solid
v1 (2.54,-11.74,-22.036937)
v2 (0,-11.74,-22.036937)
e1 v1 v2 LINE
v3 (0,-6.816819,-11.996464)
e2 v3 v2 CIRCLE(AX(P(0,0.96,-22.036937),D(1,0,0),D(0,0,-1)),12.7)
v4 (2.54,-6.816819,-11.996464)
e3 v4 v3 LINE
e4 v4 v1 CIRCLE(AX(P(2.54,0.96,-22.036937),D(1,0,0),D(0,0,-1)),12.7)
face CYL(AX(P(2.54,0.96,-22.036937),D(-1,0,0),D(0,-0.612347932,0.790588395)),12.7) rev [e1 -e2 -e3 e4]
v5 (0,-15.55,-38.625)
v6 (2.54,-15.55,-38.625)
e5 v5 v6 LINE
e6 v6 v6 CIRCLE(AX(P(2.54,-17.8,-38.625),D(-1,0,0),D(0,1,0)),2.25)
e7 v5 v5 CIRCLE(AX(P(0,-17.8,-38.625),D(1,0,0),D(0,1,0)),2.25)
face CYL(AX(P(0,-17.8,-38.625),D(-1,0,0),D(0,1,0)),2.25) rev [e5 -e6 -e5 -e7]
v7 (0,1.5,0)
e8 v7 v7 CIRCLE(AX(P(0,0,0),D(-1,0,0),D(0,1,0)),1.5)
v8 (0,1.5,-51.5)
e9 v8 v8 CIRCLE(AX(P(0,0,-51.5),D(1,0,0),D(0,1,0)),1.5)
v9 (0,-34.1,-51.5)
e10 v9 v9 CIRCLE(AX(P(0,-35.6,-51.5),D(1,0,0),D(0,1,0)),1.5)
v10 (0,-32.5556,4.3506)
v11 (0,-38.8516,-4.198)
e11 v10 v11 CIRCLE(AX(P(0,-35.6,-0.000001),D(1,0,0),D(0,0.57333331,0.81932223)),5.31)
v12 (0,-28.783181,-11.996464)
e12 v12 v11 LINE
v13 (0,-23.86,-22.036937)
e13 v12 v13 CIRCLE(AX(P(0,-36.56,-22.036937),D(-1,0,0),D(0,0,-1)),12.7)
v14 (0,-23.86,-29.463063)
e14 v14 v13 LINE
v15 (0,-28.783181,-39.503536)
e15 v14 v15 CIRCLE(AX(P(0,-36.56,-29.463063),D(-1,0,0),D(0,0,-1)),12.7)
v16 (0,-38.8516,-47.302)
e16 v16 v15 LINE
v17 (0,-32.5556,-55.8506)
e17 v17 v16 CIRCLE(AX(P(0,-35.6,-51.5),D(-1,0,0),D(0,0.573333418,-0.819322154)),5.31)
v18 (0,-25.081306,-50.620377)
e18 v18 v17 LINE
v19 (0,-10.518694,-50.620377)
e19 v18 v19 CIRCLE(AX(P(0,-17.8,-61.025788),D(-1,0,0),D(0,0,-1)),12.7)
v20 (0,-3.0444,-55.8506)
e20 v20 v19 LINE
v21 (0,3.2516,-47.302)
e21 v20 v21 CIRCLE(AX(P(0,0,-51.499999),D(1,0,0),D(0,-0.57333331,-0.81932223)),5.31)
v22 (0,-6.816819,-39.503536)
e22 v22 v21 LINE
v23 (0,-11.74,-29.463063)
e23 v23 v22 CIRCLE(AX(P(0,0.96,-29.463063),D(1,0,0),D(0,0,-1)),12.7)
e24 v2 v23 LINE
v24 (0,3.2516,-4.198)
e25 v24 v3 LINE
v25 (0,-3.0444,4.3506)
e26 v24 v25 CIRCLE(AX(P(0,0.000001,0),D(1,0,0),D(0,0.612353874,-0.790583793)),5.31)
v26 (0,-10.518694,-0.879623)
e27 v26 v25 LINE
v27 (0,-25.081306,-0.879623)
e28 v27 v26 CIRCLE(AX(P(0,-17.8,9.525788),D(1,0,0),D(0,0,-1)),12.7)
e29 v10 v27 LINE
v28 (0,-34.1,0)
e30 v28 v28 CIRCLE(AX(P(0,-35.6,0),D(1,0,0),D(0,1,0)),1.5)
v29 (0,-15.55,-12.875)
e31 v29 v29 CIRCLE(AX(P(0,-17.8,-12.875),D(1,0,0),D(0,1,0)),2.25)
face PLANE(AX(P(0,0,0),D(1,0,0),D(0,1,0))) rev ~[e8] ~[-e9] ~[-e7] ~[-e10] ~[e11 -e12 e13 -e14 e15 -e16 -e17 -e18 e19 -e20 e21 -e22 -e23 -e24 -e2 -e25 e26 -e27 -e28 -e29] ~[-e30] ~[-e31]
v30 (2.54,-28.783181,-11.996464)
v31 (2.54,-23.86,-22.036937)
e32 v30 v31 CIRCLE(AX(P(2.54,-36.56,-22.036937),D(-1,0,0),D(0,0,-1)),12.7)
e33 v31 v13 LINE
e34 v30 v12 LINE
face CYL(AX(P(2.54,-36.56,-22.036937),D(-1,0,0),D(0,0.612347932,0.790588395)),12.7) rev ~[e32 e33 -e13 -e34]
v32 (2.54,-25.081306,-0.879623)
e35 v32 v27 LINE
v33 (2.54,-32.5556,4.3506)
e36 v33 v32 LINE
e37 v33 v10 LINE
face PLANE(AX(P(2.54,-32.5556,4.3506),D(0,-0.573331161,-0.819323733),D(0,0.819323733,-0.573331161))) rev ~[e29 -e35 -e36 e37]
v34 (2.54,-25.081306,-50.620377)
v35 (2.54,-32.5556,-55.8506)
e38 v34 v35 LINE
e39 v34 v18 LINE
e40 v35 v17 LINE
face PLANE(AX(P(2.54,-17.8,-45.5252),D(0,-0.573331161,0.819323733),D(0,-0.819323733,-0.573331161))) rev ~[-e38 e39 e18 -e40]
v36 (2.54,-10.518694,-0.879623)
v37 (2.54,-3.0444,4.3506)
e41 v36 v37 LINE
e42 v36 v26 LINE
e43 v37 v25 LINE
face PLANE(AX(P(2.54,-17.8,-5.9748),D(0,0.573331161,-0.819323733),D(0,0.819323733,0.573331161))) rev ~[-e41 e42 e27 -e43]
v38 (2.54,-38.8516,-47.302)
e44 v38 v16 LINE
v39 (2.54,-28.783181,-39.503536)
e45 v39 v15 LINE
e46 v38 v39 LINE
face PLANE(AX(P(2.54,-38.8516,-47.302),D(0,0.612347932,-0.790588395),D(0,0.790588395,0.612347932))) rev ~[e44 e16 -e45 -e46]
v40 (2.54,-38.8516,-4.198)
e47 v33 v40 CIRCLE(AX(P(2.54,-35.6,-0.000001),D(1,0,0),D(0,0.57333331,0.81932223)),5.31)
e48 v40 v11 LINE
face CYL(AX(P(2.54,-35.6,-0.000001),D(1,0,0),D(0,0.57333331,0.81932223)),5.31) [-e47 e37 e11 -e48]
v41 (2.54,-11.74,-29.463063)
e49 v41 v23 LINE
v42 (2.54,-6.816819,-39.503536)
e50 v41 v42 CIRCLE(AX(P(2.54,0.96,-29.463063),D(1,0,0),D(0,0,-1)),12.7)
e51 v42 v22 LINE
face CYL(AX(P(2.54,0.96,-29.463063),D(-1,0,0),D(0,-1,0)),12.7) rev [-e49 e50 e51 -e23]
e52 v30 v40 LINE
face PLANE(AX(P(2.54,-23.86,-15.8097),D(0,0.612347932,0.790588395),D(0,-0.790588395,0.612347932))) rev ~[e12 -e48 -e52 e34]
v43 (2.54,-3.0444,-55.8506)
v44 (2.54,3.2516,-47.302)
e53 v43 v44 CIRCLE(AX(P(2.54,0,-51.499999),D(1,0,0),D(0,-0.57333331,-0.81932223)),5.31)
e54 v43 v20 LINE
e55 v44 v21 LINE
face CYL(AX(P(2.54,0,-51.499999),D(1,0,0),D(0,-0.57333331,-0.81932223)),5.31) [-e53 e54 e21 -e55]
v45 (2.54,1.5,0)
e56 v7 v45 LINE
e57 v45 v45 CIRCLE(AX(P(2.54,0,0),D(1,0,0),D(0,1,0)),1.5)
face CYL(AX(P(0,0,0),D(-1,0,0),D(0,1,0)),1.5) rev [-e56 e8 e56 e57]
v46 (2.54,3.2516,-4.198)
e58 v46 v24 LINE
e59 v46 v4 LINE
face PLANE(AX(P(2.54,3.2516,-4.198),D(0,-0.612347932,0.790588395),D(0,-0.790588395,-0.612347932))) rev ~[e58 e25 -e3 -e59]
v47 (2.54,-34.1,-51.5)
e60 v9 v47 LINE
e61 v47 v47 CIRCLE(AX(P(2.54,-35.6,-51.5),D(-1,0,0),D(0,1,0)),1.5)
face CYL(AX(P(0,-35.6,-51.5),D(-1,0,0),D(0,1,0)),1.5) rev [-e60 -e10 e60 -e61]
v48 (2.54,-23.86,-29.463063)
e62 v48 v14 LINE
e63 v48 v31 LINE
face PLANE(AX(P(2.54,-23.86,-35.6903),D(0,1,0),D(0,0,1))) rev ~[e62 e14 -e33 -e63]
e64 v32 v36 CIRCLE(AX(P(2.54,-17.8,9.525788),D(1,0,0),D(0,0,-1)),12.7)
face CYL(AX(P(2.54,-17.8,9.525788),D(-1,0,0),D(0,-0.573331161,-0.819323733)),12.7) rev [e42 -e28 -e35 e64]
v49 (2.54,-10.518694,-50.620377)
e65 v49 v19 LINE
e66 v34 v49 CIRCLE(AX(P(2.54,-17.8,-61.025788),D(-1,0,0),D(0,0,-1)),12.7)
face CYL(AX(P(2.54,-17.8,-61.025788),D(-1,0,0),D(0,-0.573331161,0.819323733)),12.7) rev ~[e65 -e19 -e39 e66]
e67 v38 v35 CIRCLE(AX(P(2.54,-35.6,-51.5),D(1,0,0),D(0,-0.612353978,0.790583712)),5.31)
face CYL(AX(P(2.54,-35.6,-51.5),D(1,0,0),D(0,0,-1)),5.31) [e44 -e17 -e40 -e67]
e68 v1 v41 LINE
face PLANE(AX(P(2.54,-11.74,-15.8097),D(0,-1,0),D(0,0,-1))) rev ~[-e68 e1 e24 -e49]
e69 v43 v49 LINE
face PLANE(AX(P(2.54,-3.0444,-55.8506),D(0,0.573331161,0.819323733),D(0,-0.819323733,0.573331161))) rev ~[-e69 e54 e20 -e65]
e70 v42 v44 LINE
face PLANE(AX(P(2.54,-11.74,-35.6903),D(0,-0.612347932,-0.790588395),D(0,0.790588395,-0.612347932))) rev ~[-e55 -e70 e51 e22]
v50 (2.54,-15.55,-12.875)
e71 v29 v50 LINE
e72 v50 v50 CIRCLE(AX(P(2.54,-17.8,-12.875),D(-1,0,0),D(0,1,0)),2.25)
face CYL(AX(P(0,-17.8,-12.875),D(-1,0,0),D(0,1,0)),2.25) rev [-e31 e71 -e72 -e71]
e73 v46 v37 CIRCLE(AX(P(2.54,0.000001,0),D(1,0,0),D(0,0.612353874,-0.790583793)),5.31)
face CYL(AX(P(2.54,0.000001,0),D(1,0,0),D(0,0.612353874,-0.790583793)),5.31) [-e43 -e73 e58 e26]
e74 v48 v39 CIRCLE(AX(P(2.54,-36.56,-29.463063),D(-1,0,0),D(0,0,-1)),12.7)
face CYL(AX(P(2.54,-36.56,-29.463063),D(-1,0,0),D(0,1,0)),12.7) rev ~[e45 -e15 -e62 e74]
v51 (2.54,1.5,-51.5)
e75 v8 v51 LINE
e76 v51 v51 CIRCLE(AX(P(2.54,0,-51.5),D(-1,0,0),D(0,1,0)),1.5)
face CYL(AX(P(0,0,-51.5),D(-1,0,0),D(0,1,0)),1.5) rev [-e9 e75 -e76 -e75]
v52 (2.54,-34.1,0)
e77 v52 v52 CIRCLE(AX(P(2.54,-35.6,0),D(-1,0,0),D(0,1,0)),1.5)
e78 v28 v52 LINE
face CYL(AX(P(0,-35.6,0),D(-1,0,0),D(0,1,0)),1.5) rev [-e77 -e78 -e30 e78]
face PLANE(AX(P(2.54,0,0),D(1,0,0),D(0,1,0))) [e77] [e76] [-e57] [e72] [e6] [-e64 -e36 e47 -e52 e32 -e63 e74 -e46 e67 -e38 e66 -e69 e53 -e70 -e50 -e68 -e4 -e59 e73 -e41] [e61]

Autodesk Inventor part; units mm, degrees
ref_plane "YZ Plane" through (0, 0, 0) normal (1, 0, 0) x (0, 1, 0)
ref_plane "XZ Plane" through (0, 0, 0) normal (0, 1, 0) x (-1, 0, 0)
ref_plane "XY Plane" through (0, 0, 0) normal (0, 0, 1) x (1, 0, 0)
sketch "Sketch1" plane through (0, 0, 0) normal (1, 0, 0) x (0, 1, 0)
  circle A0 centre (0, 0) radius 1.5
  line L0 (0, 0) -> (-35.6, 0)
  circle A1 centre (-35.6, 0) radius 1.5
  line L1 (0, 0) -> (0, -51.5)
  circle A2 centre (0, -51.5) radius 1.5
  circle A3 centre (-35.6, -51.5) radius 1.5
  line L2 (0, 0) -> (-35.6, 0)
  line L3 (-35.6, 0) -> (-35.6, -51.5)
  line L4 (-35.6, -51.5) -> (0, -51.5)
  line L5 (0, -51.5) -> (0, 0)
  line L6 (-17.8, 0) -> (-17.8, -51.5)
  line L7 (-17.8, -25.75) -> (-17.8, 0)
  line L8 (-17.8, -12.875) -> (-17.8, -51.5)
  line L9 (-17.8, -25.75) -> (-17.8, -51.5)
  line L10 (-17.8, -38.625) -> (-17.8, -12.875)
  circle A4 centre (-17.8, -12.875) radius 2.25
  circle A5 centre (-17.8, -38.625) radius 2.25
  line L11 (-15.9797, -9.3512) -> (-0.86, 1.229)
  line L12 (-19.6203, -9.3512) -> (-34.74, 1.229)
  line L13 (-15.55, -15.4984) -> (-15.55, -36.0016)
  line L14 (-20.05, -36.0016) -> (-20.05, -15.4984)
  line L15 (-19.6203, -42.1488) -> (-34.74, -52.729)
  line L16 (-21.2808, -38.5117) -> (-36.5185, -50.3141)
  line L17 (-21.2808, -12.9883) -> (-36.5185, -1.1859)
  line L18 (-14.3192, -12.9883) -> (0.9185, -1.1859)
  line L19 (-14.3192, -38.5117) -> (0.9185, -50.3141)
  line L20 (-15.9797, -42.1488) -> (-0.86, -52.729)
  arc A6 (-14.3192, -12.9883) -> (-15.55, -15.4984) centre (-12.375, -15.4984) ccw
  arc A7 (-15.55, -36.0016) -> (-14.3192, -38.5117) centre (-12.375, -36.0016) ccw
  arc A8 (-21.2808, -38.5117) -> (-20.05, -36.0016) centre (-23.225, -36.0016) ccw
  arc A9 (-20.05, -15.4984) -> (-21.2808, -12.9883) centre (-23.225, -15.4984) ccw
  arc A10 (-19.6203, -9.3512) -> (-15.9797, -9.3512) centre (-17.8, -6.7499) ccw
  arc A11 (-15.9797, -42.1488) -> (-19.6203, -42.1488) centre (-17.8, -44.7501) ccw
  line L21 (1.6962, -2.1899) -> (-13.5415, -13.9923)
  arc A12 (-13.5415, -13.9923) -> (-14.28, -15.4984) centre (-12.375, -15.4984) ccw
  line L22 (-14.28, -15.4984) -> (-14.28, -36.0016)
  arc A13 (-14.28, -36.0016) -> (-13.5415, -37.5077) centre (-12.375, -36.0016) ccw
  line L23 (-13.5415, -37.5077) -> (1.6962, -49.3101)
  line L24 (-37.2962, -2.1899) -> (-22.0585, -13.9923)
  arc A14 (-21.32, -15.4984) -> (-22.0585, -13.9923) centre (-23.225, -15.4984) ccw
  line L25 (-21.32, -15.4984) -> (-21.32, -36.0016)
  arc A15 (-22.0585, -37.5077) -> (-21.32, -36.0016) centre (-23.225, -36.0016) ccw
  line L26 (-22.0585, -37.5077) -> (-37.2962, -49.3101)
  line L27 (-1.5881, 2.2695) -> (-16.7078, -8.3107)
  arc A16 (-18.8922, -8.3107) -> (-16.7078, -8.3107) centre (-17.8, -6.7499) ccw
  line L28 (-18.8922, -8.3107) -> (-34.0119, 2.2695)
  circle A17 centre (0, 0) radius 2.77
  circle A18 centre (-17.8, -12.875) radius 3.52
  circle A19 centre (-17.8, -38.625) radius 3.52
  circle A20 centre (-35.6, 0) radius 2.77
  circle A21 centre (-35.6, -51.5) radius 2.77
  circle A22 centre (0, -51.5) radius 2.77
  line L29 (-1.5881, -53.7695) -> (-16.7078, -43.1893)
  arc A23 (-16.7078, -43.1893) -> (-18.8922, -43.1893) centre (-17.8, -44.7501) ccw
  line L30 (-18.8922, -43.1893) -> (-34.0119, -53.7695)
  point P0 (-17.8, -10.625)
  point P1 (-15.55, -12.875)
  point P2 (-15.55, -38.625)
  point P3 (-20.05, -38.625)
  point P4 (-20.05, -12.875)
  point P5 (-17.8, -40.875)
  point P6 (-18.8754, -36.6486)
  point P7 (-18.8754, -14.8514)
  point P8 (-16.7246, -14.8514)
  point P9 (-16.7246, -36.6486)
  point P10 (-34.0119, 2.2695)
  point P11 (1.6962, -49.3101)
  dimension "d0" = 3
  dimension "d1" = 35.6
  dimension "d2" = 51.5
  dimension "d3" = 4.5
  dimension "d4" = 3.175
  dimension "d5" = 1.27
  dimension "d6" = 1.27
  dimension "d7" = 1.27
  dimension "d8" = 1.27
  dimension "d9" = 1.27
  dimension "d10" = 1.27
  dimension "d11" = 1.27
  dimension "d12" = 1.27
  dimension "d13" = 1.27
  dimension "d14" = 1.27
extrude "Extrusion1" add sketch "Sketch1" along normal blind 2.54 contours A0 L11 L0 A17 L1 L18 | A0 L0 L11 | L18 L1 A0 | A0 L1 L18 A17 L11 L0 | L11 A17 L0 | L1 A17 L18 | A17 L11 A10 A18 L6 A16 L27 L0 | L0 L27 A17 | A17 L18 A18 A10 L11 | A17 L21 L1 | L1 L21 A12 L22 A13 L23 A22 L19 A19 L13 A18 L18 A17 | A18 L13 A6 L18 | L18 A6 L13 A18 L6 A4 A10 | A10 L6 A18 | L23 A22 L1 | L13 A19 L6 A18 | L28 A16 L6 A18 A10 L12 A20 L0 | L0 A20 L28 | A10 A18 L6 | L6 A4 A18 L14 A9 L17 A10 | A22 L4 L20 A2 L19 L1 | L1 L19 A22 | A19 L19 A7 L13 | L13 A7 L19 A19 A11 L6 A5 | L6 A19 L14 A18 | A20 L12 L0 | L0 L12 A1 L17 L3 A20 | A18 L17 A20 L12 A10 | L19 A2 L1 | L1 A2 L4 L20 A22 L19 | A22 L20 A11 A19 L19 | L6 A5 A11 A19 L16 A8 L14 | A18 L17 A9 L14 | L14 A19 L16 A21 L3 L26 A15 L25 A14 L24 A20 L17 A18 | L12 A20 L17 L3 A1 L0 | L0 A1 L12 | A20 L3 L24 | A22 L4 L29 A23 L6 A19 A11 L20 | L20 L4 A22 | L29 L4 A22 | L14 A8 L16 A19 | A20 L3 L17 | A2 L20 L4 | A19 L6 A11 | A19 A11 L15 A21 L16 | L3 L17 A1 | L3 A21 L26 | L6 A19 A11 | L6 A23 L30 L4 A21 L15 A11 A19 | A21 L15 L4 A3 L3 L16 | L16 L3 A21 | L3 L16 A3 L15 L4 A21 | L30 A21 L4 | L3 A3 L16 | A21 L4 L15 | L15 A3 L4
sketch "Sketch2" plane through (2.54, 0, 0) normal (1, 0, 0) x (0, 0, -1)
  circle A0 centre (0, 0) radius 1.5 projected
  circle A1 centre (0, 0) radius 1.5
  circle A2 centre (12.875, -17.8) radius 2.25 projected
  circle A3 centre (12.875, -17.8) radius 2.25
  circle A4 centre (38.625, -17.8) radius 2.25 projected
  circle A5 centre (38.625, -17.8) radius 2.25
  circle A6 centre (51.5, 0) radius 1.5 projected
  circle A7 centre (51.5, 0) radius 1.5
  circle A8 centre (51.5, -35.6) radius 1.5 projected
  circle A9 centre (51.5, -35.6) radius 1.5
  circle A10 centre (0, -35.6) radius 1.5 projected
  circle A11 centre (0, -35.6) radius 1.5
  line L0 (13.9923, -13.5415) -> (2.1899, 1.6962) projected
  arc A12 (2.1899, 1.6962) -> (-2.2695, -1.5881) centre (0, 0) ccw projected
  arc A13 (2.1899, 1.6962) -> (-2.2695, -1.5881) centre (0, 0) ccw
  arc A14 (53.7695, -1.5881) -> (49.3101, 1.6962) centre (51.5, 0) ccw projected
  arc A15 (53.7695, -1.5881) -> (49.3101, 1.6962) centre (51.5, 0) ccw
  arc A16 (49.3101, -37.2962) -> (53.7695, -34.0119) centre (51.5, -35.6) ccw projected
  arc A17 (49.3101, -37.2962) -> (53.7695, -34.0119) centre (51.5, -35.6) ccw
  arc A18 (-2.2695, -34.0119) -> (2.1899, -37.2962) centre (0, -35.6) ccw projected
  arc A19 (-2.2695, -34.0119) -> (2.1899, -37.2962) centre (0, -35.6) ccw
  arc A20 (15.4984, -21.32) -> (13.9923, -22.0585) centre (15.4984, -23.225) ccw projected
  arc A21 (15.4984, -21.32) -> (13.9923, -22.0585) centre (15.4984, -23.225) ccw
  arc A22 (8.3107, -18.8922) -> (8.3107, -16.7078) centre (6.7499, -17.8) ccw projected
  arc A23 (8.3107, -18.8922) -> (8.3107, -16.7078) centre (6.7499, -17.8) ccw
  arc A24 (13.9923, -13.5415) -> (15.4984, -14.28) centre (15.4984, -12.375) ccw projected
  arc A25 (13.9923, -13.5415) -> (15.4984, -14.28) centre (15.4984, -12.375) ccw
  arc A26 (36.0016, -14.28) -> (37.5077, -13.5415) centre (36.0016, -12.375) ccw projected
  arc A27 (36.0016, -14.28) -> (37.5077, -13.5415) centre (36.0016, -12.375) ccw
  arc A28 (37.5077, -22.0585) -> (36.0016, -21.32) centre (36.0016, -23.225) ccw projected
  arc A29 (37.5077, -22.0585) -> (36.0016, -21.32) centre (36.0016, -23.225) ccw
  arc A30 (43.1893, -16.7078) -> (43.1893, -18.8922) centre (44.7501, -17.8) ccw projected
  arc A31 (43.1893, -16.7078) -> (43.1893, -18.8922) centre (44.7501, -17.8) ccw
  line L1 (2.1899, 1.6962) -> (13.9923, -13.5415)
  line L2 (-2.2695, -1.5881) -> (8.3107, -16.7078) projected
  line L3 (8.3107, -16.7078) -> (-2.2695, -1.5881)
  line L4 (8.3107, -18.8922) -> (-2.2695, -34.0119) projected
  line L5 (8.3107, -18.8922) -> (-2.2695, -34.0119)
  line L6 (2.1899, -37.2962) -> (13.9923, -22.0585)
  line L7 (15.4984, -21.32) -> (36.0016, -21.32)
  line L8 (36.0016, -14.28) -> (15.4984, -14.28) projected
  line L9 (36.0016, -14.28) -> (15.4984, -14.28)
  line L10 (49.3101, 1.6962) -> (37.5077, -13.5415) projected
  line L11 (49.3101, 1.6962) -> (37.5077, -13.5415)
  line L12 (43.1893, -16.7078) -> (53.7695, -1.5881)
  line L13 (53.7695, -34.0119) -> (43.1893, -18.8922) projected
  line L14 (43.1893, -18.8922) -> (53.7695, -34.0119)
  line L15 (37.5077, -22.0585) -> (49.3101, -37.2962)
  arc A32 (-4.3506, -32.5556) -> (4.198, -38.8516) centre (0, -35.6) ccw
  line L16 (-4.3506, -32.5556) -> (5.9748, -17.8)
  line L17 (5.9748, -17.8) -> (-4.3506, -3.0444)
  arc A33 (4.198, 3.2516) -> (-4.3506, -3.0444) centre (0, 0) ccw
  line L18 (4.198, 3.2516) -> (15.8097, -11.74)
  line L19 (15.8097, -11.74) -> (35.6903, -11.74)
  line L20 (35.6903, -11.74) -> (47.302, 3.2516)
  arc A34 (55.8506, -3.0444) -> (47.302, 3.2516) centre (51.5, 0) ccw
  line L21 (47.302, -38.8516) -> (35.6903, -23.86)
  line L22 (35.6903, -23.86) -> (15.8097, -23.86)
  line L23 (15.8097, -23.86) -> (4.198, -38.8516)
  arc A35 (-4.3506, -32.5556) -> (4.198, -38.8516) centre (0, -35.6) ccw
  line L24 (35.4996, -11.9862) -> (47.302, 3.2516)
  arc A36 (55.8506, -3.0444) -> (47.302, 3.2516) centre (51.5, 0) ccw
  line L25 (55.8506, -3.0444) -> (45.5252, -17.8)
  line L26 (45.5252, -17.8) -> (55.8506, -32.5556)
  circle A37 centre (51.5, -35.6) radius 5.31
  point P0 (55.8506, -3.0444)
  point P1 (4.198, -38.8516)
  dimension "d17" = 2.54
  dimension "d18" = 2.54
  dimension "d19" = 2.54
extrude "Extrusion2" add sketch "Sketch2" against normal up to surface (2.54 mm away)
fillet "Fillet1" radius 12.7 6 edges at (1.27, -17.8, -5.9748) (1.27, -23.86, -15.8097) (1.27, -23.86, -35.6903) (1.27, -17.8, -45.5252) (1.27, -11.74, -35.6903) (1.27, -11.74, -15.8097)
properties part number "pump mount_3DPrint"
